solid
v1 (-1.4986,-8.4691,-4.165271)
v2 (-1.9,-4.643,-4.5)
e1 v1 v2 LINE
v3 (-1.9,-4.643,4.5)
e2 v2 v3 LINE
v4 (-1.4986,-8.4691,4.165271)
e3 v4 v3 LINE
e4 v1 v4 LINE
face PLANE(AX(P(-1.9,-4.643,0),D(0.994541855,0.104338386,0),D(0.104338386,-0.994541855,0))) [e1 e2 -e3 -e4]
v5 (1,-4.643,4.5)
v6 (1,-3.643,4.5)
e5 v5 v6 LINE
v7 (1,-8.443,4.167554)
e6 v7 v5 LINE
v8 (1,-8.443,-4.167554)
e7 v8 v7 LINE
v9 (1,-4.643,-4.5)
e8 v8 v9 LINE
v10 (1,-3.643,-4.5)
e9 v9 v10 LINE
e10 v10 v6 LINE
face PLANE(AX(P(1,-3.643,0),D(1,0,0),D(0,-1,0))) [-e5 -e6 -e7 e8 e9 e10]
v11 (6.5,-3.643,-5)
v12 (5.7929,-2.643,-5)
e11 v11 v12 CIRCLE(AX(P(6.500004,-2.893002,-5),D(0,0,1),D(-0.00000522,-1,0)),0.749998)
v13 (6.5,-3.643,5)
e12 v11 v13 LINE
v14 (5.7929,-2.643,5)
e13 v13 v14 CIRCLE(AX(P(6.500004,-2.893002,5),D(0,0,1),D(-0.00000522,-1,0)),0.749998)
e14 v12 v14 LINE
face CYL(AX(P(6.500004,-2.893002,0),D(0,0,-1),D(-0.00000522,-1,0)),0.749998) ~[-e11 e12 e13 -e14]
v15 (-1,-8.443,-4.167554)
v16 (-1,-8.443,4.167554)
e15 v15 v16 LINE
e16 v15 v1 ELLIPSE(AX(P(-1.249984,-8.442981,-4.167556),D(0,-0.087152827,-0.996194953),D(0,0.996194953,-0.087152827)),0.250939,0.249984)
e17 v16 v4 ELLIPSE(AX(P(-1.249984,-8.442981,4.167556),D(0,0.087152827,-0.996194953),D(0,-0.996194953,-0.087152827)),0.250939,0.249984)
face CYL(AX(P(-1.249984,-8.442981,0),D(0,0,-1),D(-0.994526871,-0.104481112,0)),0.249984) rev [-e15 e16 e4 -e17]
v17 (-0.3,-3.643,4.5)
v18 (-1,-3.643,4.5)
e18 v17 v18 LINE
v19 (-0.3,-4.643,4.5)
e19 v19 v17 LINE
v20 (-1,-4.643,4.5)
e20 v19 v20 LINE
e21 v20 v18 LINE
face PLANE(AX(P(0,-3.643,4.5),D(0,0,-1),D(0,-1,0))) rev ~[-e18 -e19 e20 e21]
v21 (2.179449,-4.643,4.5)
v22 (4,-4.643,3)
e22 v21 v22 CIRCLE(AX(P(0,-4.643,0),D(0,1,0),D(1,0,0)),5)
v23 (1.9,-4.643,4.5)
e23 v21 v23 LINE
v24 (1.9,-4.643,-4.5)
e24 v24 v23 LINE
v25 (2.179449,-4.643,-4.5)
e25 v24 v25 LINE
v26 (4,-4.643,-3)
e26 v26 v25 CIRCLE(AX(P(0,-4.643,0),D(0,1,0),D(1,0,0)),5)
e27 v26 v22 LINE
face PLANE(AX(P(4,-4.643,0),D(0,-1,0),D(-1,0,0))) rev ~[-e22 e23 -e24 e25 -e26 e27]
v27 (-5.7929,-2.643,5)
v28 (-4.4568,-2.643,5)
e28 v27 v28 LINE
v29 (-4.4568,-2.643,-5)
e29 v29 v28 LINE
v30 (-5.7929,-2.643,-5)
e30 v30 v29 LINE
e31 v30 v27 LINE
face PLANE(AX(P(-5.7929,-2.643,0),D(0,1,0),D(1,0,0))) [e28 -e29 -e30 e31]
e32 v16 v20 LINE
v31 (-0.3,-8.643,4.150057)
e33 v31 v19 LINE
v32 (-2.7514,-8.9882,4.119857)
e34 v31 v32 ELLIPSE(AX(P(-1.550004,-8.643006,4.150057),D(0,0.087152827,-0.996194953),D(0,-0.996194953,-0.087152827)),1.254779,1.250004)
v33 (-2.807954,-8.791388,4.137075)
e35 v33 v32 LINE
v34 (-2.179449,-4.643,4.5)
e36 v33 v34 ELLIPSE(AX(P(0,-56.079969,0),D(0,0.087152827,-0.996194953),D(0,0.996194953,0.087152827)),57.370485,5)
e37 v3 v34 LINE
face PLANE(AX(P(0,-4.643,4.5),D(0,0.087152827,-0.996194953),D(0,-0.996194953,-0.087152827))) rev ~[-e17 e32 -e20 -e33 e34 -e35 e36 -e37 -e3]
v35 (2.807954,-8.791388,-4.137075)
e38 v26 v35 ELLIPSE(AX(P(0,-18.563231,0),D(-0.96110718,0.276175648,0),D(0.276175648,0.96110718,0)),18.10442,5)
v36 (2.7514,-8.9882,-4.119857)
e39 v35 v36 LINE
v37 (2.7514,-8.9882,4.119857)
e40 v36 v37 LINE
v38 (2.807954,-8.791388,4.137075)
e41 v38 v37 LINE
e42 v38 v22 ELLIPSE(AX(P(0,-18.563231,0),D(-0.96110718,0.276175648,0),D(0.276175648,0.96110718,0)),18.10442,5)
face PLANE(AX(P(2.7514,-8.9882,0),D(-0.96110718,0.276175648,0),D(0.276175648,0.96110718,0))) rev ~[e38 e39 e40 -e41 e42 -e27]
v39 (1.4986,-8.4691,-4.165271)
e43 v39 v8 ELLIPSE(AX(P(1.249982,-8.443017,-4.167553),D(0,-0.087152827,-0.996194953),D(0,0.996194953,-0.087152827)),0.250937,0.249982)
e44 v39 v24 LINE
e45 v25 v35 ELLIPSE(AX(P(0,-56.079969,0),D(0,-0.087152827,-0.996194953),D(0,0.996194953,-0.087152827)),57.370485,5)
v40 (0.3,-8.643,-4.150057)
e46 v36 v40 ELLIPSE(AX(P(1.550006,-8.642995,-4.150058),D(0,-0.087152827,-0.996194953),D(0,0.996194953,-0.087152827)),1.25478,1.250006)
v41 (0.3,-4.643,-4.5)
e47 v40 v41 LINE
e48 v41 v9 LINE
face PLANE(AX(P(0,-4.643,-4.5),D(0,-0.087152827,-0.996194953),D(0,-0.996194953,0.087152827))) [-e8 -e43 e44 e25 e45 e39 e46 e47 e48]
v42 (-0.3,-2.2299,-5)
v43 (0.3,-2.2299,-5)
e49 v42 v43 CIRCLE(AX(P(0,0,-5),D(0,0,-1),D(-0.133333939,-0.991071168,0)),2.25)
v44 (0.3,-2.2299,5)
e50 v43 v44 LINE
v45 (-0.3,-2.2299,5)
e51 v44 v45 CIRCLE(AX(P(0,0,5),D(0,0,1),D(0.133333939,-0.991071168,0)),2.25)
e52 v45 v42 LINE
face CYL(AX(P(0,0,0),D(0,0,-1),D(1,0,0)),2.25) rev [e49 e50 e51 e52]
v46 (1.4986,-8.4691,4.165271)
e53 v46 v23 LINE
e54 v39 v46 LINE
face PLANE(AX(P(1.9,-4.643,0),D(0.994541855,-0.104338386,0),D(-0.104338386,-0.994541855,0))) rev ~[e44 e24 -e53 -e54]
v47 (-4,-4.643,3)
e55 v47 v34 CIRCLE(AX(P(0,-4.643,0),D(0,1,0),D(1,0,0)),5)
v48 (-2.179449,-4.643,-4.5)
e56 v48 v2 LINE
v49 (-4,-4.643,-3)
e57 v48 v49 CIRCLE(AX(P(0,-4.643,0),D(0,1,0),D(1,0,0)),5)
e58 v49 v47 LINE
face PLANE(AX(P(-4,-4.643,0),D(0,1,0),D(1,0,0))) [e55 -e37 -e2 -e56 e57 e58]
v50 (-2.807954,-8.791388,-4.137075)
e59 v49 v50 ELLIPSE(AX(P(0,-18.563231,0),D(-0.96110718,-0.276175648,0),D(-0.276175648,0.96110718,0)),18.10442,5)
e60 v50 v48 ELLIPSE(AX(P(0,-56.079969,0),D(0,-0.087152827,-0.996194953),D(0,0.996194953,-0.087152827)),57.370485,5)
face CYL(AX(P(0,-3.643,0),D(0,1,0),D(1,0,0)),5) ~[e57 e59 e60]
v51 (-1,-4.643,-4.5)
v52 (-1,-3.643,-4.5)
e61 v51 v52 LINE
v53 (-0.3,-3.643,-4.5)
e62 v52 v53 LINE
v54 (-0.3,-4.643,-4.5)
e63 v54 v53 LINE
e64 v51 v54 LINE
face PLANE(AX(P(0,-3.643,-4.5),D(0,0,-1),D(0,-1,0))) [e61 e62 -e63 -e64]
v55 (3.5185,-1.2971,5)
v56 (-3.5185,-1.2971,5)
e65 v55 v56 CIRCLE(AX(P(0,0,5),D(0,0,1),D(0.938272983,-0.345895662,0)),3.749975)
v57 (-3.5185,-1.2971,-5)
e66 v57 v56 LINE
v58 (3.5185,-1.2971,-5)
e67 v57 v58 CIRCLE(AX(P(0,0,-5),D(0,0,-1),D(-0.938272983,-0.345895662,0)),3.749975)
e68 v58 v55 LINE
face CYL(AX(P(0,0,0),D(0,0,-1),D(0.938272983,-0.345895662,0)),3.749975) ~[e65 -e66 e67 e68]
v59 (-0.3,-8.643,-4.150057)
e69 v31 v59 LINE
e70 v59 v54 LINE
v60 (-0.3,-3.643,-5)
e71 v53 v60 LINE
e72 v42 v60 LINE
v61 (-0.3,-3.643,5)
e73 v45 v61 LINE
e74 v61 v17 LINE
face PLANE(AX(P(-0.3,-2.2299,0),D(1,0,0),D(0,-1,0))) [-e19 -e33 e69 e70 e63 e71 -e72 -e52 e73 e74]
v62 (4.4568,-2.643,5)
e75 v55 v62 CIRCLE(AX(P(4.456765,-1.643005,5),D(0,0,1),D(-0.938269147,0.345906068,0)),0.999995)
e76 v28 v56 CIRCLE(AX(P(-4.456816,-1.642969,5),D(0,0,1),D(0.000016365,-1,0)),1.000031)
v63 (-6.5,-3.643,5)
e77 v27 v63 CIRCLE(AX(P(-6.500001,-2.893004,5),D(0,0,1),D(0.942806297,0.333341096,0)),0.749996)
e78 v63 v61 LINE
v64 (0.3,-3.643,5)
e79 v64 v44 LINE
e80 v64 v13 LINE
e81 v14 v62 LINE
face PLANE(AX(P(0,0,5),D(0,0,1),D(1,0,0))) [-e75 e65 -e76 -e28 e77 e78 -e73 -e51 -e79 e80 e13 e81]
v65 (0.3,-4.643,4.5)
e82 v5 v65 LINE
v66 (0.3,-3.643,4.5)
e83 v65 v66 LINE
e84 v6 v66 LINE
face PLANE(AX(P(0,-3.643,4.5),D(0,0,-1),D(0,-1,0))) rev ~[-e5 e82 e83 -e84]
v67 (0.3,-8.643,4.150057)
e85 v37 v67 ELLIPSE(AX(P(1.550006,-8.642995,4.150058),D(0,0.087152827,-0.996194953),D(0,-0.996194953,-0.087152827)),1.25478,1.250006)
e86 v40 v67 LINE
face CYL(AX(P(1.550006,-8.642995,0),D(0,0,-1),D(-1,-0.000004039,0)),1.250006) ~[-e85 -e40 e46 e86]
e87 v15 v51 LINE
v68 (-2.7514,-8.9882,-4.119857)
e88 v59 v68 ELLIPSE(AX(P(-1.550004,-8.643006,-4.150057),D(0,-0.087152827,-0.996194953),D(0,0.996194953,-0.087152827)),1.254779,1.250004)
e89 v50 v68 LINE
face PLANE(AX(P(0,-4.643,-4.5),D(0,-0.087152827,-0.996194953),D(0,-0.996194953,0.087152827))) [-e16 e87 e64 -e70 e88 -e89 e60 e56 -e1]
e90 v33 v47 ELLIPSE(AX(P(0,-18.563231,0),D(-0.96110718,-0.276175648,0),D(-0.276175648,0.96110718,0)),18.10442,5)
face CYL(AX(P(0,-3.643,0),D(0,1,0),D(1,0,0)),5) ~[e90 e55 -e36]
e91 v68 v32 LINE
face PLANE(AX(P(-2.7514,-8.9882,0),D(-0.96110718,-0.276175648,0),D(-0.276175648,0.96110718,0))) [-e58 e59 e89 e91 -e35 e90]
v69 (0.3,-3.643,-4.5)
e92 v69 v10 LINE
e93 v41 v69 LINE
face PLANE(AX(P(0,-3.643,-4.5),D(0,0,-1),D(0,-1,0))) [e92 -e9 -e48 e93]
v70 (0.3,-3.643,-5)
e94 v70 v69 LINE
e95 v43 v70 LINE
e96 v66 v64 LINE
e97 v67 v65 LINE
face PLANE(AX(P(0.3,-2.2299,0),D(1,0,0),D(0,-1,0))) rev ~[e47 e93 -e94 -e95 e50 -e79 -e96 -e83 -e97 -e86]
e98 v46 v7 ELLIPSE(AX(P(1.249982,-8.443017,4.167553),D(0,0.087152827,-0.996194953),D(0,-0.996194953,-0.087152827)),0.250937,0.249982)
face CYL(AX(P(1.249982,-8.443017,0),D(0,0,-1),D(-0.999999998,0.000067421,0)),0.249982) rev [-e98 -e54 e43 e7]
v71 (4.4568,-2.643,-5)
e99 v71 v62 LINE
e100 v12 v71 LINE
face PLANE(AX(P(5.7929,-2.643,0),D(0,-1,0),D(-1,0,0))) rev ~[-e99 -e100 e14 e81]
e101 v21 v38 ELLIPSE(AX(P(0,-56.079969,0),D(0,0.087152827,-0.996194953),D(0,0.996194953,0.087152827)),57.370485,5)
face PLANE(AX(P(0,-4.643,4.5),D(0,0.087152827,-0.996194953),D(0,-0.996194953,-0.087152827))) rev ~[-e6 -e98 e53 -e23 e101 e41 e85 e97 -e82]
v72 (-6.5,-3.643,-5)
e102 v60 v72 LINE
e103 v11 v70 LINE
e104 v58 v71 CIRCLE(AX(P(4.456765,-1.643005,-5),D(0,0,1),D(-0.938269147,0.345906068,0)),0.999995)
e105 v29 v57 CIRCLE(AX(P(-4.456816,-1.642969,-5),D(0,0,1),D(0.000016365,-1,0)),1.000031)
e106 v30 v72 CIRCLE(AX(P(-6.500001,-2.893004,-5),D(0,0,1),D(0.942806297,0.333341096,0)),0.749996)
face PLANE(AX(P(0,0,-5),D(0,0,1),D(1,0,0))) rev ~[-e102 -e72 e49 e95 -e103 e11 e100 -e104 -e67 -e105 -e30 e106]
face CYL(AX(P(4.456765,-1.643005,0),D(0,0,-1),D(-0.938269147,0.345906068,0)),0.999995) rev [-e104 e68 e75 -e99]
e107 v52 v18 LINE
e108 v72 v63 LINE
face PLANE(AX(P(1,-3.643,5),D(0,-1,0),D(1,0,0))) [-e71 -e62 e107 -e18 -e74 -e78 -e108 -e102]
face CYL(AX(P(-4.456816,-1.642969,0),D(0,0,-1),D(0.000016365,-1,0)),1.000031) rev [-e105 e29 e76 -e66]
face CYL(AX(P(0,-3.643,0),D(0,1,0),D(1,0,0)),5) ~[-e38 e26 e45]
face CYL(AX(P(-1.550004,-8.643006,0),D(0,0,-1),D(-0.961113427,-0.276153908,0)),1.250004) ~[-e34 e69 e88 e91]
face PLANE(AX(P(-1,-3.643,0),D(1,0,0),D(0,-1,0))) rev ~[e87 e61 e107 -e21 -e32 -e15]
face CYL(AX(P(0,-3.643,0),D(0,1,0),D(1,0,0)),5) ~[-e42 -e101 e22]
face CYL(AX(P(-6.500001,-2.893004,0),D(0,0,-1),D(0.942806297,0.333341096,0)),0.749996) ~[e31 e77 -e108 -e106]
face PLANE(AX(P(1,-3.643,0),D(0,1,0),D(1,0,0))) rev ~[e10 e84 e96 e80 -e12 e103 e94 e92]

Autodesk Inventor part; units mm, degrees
ref_plane "YZ Plane" through (0, 0, 0) normal (1, 0, 0) x (0, 1, 0)
ref_plane "XZ Plane" through (0, 0, 0) normal (0, 1, 0) x (-1, 0, 0)
ref_plane "XY Plane" through (0, 0, 0) normal (0, 0, 1) x (1, 0, 0)
sketch "Sketch1" plane through (0, 0, 0) normal (0, 0, 1) x (1, 0, 0)
  circle A0 centre (0, 0) radius 2.25
  arc A1 (-5.7929, -2.643) -> (-6.5, -3.643) centre (-6.5, -2.893) ccw
  arc A2 (6.5, -3.643) -> (5.7929, -2.643) centre (6.5, -2.893) ccw
  line L0 (-5.7929, -2.643) -> (-4.4568, -2.643)
  line L1 (5.7929, -2.643) -> (4.4568, -2.643)
  arc A3 (3.5185, -1.2971) -> (-3.5185, -1.2971) centre (0, 0) ccw
  arc A4 (-4.4568, -2.643) -> (-3.5185, -1.2971) centre (-4.4568, -1.643) ccw
  arc A5 (3.5185, -1.2971) -> (4.4568, -2.643) centre (4.4568, -1.643) ccw
  line L2 (-0.3, -2.2299) -> (-0.3, -8.643)
  line L3 (0.3, -2.2299) -> (0.3, -3.643)
  arc A6 (-2.7514, -8.9882) -> (-0.3, -8.643) centre (-1.55, -8.643) ccw
  line L4 (-2.7514, -8.9882) -> (-4, -4.643)
  line L5 (-4, -4.643) -> (-1.9, -4.643)
  arc A7 (-1.4986, -8.4691) -> (-1, -8.443) centre (-1.25, -8.443) ccw
  line L6 (-1.9, -4.643) -> (-1.4986, -8.4691)
  line L7 (-1, -3.643) -> (-1, -8.443)
  line L8 (-12.8733, -3.643) -> (-1, -3.643)
  line L9 (1, -3.643) -> (16.2885, -3.643)
  line L10 (0, 6.5107) -> (0, -12.8141) projected
  line L11 (0.3, -2.2299) -> (0.3, -8.643)
  arc A8 (0.3, -8.643) -> (2.7514, -8.9882) centre (1.55, -8.643) ccw
  line L12 (2.7514, -8.9882) -> (4, -4.643)
  line L13 (4, -4.643) -> (1.9, -4.643)
  arc A9 (1, -8.443) -> (1.4986, -8.4691) centre (1.25, -8.443) ccw
  line L14 (1.9, -4.643) -> (1.4986, -8.4691)
  line L15 (1, -3.643) -> (1, -8.443)
  dimension "d0" = 4.5
  dimension "d5" = 1.5
  dimension "d6" = 1.5
  dimension "d7" = 6.5
  dimension "d8" = 6.5
  dimension "d9" = 3.75
  dimension "d10" = 1
  dimension "d11" = 0.6
  dimension "d12" = 0.3
  dimension "d13" = 0.5
  dimension "d14" = 2.5
  dimension "d15" = 4
  dimension "d17" = 2.1
  dimension "d18" = 0.2
  dimension "d19" = 0.7
  dimension "d21" = 3.643
  dimension "d22" = 1
  dimension "d23" = 1
  dimension "d24" = 5
  dimension "d25" = 1
extrude "Extrusion1" add sketch "Sketch1" along normal mid plane 10 contours A0 L10 A3 A5 L1 A2 L9 L15 A9 L14 L13 L12 A8 L11 L3 | A0 L2 A6 L4 L5 L6 A7 L7 L8 A1 L0 A4 A3 L10
sketch "Sketch2" plane through (1, -3.643, 5) normal (0, -1, 0) x (1, 0, 0)
  circle A0 centre (-1, -5) radius 10
  circle A1 centre (-1, -5) radius 5
  dimension "d28" = 10
  dimension "d29" = 5
extrude "Extrusion2" cut sketch "Sketch2" along normal through all
sketch "Sketch3" plane through (0, 0, 0) normal (1, 0, 0) x (0, 1, 0)
  line L0 (-3.643, 5) -> (-3.643, 4.991) projected
  line L1 (-3.643, -5) -> (-3.643, 5) projected
  line L2 (-3.643, -4.991) -> (-3.643, -5) projected
  line L3 (-3.643, -4.899) -> (-3.643, -4.991) projected
  line L4 (-3.643, -4.899) -> (-3.643, 4.899) projected
  line L5 (-3.643, 4.991) -> (-3.643, 4.899) projected
  line L6 (-3.643, 5) -> (-3.643, 4.5)
  line L7 (-11.643, 3.8876) -> (-11.643, 6)
  line L8 (-11.643, 6) -> (-3.643, 6)
  line L9 (-3.643, 6) -> (-3.643, 5)
  line L10 (-3.643, 4.5) -> (-4.643, 4.5)
  line L11 (-4.643, 4.5) -> (-11.643, 3.8876)
  line L12 (-13.9716, 0) -> (2.3286, 0) projected
  line L13 (-3.643, -5) -> (-3.643, -4.991)
  line L14 (-3.643, -4.991) -> (-3.643, -4.899)
  line L15 (-3.643, -5) -> (-3.643, -4.5)
  line L16 (-11.643, -3.8876) -> (-11.643, -6)
  line L17 (-11.643, -6) -> (-3.643, -6)
  line L18 (-3.643, -6) -> (-3.643, -5)
  line L19 (-3.643, -4.5) -> (-4.643, -4.5)
  line L20 (-4.643, -4.5) -> (-11.643, -3.8876)
  point P0 (0, 0)
  dimension "d32" = 1
  dimension "d33" = 5
  dimension "d34" = 0.5
  dimension "d35" = 1
  dimension "d36" = 8
extrude "Extrusion3" cut sketch "Sketch3" along normal through all both and the other way through all
equation "\"d6\" = d5"
equation "\"d8\" = d7"
equation "\"d12\" = 0.5 * d11"
equation "\"d4\" = d3"
equation "\"d3\" = 1"
properties part number "202-15" material "ABS Plastic"
